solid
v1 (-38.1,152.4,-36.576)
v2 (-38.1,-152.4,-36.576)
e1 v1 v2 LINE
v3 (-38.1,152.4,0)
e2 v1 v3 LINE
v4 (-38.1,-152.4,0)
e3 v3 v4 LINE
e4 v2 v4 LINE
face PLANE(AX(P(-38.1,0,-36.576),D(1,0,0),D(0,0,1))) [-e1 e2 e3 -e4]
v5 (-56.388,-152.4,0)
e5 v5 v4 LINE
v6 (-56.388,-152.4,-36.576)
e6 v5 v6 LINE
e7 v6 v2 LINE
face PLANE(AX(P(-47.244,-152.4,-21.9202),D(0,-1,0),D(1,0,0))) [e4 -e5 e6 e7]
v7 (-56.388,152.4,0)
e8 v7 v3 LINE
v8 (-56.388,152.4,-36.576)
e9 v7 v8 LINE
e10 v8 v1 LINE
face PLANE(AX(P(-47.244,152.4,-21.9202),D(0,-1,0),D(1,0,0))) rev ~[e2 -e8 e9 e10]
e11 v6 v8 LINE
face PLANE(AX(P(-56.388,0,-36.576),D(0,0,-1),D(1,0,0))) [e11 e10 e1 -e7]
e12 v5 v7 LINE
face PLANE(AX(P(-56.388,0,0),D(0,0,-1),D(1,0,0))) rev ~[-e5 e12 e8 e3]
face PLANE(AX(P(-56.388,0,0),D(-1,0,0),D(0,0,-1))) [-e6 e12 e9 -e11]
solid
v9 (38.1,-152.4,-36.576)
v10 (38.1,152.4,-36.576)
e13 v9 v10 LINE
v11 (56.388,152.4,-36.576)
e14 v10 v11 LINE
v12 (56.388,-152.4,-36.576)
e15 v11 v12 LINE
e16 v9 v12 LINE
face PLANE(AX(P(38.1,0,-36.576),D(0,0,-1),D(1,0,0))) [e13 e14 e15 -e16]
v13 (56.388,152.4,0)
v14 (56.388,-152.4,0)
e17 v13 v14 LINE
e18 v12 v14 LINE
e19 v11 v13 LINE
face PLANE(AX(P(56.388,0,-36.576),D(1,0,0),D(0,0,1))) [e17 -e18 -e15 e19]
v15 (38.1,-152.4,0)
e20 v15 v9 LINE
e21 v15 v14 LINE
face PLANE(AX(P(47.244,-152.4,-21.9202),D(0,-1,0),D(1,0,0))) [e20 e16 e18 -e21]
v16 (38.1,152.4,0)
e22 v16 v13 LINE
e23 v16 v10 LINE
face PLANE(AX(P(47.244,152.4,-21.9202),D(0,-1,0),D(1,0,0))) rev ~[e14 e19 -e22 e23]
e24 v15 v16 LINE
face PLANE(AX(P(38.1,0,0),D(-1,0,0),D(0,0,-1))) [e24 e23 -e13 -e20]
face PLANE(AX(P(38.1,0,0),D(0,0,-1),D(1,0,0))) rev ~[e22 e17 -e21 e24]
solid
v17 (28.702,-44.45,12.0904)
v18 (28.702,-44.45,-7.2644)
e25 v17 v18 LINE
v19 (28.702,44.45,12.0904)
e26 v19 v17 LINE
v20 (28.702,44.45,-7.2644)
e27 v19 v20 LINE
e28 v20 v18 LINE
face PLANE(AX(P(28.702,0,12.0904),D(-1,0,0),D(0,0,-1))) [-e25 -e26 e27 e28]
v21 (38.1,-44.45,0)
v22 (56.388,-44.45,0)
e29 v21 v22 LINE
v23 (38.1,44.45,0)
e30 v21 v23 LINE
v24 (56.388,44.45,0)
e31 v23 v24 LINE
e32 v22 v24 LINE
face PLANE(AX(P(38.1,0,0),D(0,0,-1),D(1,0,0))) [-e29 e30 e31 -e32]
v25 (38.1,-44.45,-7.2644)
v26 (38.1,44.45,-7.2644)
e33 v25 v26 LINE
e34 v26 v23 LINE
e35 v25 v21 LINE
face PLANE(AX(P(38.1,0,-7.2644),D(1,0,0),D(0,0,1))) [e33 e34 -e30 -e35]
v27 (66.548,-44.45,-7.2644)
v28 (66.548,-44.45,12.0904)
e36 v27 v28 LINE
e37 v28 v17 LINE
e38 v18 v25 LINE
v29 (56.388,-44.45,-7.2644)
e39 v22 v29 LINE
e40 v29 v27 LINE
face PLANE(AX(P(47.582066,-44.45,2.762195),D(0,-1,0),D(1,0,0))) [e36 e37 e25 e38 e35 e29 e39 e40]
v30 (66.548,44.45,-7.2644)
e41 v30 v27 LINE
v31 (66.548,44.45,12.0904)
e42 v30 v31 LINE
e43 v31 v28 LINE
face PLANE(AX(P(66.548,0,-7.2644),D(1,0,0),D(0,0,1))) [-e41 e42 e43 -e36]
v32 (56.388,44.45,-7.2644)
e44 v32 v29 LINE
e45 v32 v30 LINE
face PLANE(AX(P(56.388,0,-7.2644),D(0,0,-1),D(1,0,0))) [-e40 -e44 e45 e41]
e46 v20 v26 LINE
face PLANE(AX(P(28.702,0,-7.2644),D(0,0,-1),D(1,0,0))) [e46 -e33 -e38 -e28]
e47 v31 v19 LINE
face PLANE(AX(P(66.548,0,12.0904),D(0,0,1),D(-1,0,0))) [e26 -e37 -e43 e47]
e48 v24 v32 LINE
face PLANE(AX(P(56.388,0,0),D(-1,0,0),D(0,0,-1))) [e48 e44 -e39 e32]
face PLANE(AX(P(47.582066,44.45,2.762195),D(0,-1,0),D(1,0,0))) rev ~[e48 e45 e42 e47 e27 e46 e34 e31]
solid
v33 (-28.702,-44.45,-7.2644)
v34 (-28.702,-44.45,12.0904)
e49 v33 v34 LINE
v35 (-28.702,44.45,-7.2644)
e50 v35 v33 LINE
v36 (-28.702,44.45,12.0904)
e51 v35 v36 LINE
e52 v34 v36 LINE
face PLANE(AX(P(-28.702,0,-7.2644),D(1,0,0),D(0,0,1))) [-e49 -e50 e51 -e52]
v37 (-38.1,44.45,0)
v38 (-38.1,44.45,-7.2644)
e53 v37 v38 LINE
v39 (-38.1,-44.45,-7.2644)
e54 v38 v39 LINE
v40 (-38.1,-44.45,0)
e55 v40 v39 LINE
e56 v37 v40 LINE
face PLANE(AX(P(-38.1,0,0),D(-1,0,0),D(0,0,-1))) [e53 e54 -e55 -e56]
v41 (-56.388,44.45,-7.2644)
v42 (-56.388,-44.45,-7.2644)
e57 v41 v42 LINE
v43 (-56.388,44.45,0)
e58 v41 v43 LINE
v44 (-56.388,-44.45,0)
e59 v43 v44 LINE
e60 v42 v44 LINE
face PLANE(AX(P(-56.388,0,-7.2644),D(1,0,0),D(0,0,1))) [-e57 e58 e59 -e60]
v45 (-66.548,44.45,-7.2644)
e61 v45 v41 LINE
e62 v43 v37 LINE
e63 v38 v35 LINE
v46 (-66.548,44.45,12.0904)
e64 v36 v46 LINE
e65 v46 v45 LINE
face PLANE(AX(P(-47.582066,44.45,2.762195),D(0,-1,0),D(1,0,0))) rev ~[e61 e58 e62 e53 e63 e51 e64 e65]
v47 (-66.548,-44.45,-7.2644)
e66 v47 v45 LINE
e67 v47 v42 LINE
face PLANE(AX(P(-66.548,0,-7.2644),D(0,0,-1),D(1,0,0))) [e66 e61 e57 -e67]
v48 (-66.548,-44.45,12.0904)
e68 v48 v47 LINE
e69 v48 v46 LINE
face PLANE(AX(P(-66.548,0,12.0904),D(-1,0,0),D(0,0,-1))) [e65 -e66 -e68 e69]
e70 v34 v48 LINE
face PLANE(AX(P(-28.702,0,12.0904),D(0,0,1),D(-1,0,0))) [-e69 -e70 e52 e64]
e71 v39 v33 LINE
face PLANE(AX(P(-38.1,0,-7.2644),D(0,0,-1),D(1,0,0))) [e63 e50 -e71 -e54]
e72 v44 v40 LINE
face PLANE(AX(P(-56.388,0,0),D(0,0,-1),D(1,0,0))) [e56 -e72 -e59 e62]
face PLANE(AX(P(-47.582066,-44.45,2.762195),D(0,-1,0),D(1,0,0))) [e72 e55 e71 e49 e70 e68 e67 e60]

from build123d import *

# Parameters (mm, degrees)
F0_W          = 18.288
F0_H          = 29.3116
F0_H_2        = 7.2644
F1_DEPTH      = 152.4
F1_DEPTH_BACK = 152.4
F2_DEPTH      = 44.45
F2_DEPTH_BACK = 44.45


with BuildPart() as f1:
    # F0 (on Front) → F1 (new body, two sides)
    with BuildSketch(Plane.XZ) as f1_sk:
        with Locations((-47.244, -21.9202)):
            Rectangle(F0_W, F0_H)
        with Locations((-47.244, -3.6322)):
            Rectangle(F0_W, F0_H_2)
        with Locations((47.244, -21.9202)):
            Rectangle(F0_W, F0_H)
        with Locations((47.244, -3.6322)):
            Rectangle(F0_W, F0_H_2)
    extrude(amount=F1_DEPTH)
    extrude(f1_sk.sketch, amount=-F1_DEPTH_BACK)


with BuildPart() as f2:
    # F0 (on Front) → F2 (new body, two sides)
    with BuildSketch(Plane.XZ) as f2_sk:
        Polygon((-66.548, -7.2644), (-56.388, -7.2644), (-56.388, 0), (-38.1, 0), (-38.1, -7.2644), (-28.702, -7.2644), (-28.702, 12.0904), (-66.548, 12.0904), align=None)
        Polygon((56.388, 0), (56.388, -7.2644), (66.548, -7.2644), (66.548, 12.0904), (28.702, 12.0904), (28.702, -7.2644), (38.1, -7.2644), (38.1, 0), align=None)
    extrude(amount=F2_DEPTH)
    extrude(f2_sk.sketch, amount=-F2_DEPTH_BACK)


solid = Compound([f1.part, f2.part])
